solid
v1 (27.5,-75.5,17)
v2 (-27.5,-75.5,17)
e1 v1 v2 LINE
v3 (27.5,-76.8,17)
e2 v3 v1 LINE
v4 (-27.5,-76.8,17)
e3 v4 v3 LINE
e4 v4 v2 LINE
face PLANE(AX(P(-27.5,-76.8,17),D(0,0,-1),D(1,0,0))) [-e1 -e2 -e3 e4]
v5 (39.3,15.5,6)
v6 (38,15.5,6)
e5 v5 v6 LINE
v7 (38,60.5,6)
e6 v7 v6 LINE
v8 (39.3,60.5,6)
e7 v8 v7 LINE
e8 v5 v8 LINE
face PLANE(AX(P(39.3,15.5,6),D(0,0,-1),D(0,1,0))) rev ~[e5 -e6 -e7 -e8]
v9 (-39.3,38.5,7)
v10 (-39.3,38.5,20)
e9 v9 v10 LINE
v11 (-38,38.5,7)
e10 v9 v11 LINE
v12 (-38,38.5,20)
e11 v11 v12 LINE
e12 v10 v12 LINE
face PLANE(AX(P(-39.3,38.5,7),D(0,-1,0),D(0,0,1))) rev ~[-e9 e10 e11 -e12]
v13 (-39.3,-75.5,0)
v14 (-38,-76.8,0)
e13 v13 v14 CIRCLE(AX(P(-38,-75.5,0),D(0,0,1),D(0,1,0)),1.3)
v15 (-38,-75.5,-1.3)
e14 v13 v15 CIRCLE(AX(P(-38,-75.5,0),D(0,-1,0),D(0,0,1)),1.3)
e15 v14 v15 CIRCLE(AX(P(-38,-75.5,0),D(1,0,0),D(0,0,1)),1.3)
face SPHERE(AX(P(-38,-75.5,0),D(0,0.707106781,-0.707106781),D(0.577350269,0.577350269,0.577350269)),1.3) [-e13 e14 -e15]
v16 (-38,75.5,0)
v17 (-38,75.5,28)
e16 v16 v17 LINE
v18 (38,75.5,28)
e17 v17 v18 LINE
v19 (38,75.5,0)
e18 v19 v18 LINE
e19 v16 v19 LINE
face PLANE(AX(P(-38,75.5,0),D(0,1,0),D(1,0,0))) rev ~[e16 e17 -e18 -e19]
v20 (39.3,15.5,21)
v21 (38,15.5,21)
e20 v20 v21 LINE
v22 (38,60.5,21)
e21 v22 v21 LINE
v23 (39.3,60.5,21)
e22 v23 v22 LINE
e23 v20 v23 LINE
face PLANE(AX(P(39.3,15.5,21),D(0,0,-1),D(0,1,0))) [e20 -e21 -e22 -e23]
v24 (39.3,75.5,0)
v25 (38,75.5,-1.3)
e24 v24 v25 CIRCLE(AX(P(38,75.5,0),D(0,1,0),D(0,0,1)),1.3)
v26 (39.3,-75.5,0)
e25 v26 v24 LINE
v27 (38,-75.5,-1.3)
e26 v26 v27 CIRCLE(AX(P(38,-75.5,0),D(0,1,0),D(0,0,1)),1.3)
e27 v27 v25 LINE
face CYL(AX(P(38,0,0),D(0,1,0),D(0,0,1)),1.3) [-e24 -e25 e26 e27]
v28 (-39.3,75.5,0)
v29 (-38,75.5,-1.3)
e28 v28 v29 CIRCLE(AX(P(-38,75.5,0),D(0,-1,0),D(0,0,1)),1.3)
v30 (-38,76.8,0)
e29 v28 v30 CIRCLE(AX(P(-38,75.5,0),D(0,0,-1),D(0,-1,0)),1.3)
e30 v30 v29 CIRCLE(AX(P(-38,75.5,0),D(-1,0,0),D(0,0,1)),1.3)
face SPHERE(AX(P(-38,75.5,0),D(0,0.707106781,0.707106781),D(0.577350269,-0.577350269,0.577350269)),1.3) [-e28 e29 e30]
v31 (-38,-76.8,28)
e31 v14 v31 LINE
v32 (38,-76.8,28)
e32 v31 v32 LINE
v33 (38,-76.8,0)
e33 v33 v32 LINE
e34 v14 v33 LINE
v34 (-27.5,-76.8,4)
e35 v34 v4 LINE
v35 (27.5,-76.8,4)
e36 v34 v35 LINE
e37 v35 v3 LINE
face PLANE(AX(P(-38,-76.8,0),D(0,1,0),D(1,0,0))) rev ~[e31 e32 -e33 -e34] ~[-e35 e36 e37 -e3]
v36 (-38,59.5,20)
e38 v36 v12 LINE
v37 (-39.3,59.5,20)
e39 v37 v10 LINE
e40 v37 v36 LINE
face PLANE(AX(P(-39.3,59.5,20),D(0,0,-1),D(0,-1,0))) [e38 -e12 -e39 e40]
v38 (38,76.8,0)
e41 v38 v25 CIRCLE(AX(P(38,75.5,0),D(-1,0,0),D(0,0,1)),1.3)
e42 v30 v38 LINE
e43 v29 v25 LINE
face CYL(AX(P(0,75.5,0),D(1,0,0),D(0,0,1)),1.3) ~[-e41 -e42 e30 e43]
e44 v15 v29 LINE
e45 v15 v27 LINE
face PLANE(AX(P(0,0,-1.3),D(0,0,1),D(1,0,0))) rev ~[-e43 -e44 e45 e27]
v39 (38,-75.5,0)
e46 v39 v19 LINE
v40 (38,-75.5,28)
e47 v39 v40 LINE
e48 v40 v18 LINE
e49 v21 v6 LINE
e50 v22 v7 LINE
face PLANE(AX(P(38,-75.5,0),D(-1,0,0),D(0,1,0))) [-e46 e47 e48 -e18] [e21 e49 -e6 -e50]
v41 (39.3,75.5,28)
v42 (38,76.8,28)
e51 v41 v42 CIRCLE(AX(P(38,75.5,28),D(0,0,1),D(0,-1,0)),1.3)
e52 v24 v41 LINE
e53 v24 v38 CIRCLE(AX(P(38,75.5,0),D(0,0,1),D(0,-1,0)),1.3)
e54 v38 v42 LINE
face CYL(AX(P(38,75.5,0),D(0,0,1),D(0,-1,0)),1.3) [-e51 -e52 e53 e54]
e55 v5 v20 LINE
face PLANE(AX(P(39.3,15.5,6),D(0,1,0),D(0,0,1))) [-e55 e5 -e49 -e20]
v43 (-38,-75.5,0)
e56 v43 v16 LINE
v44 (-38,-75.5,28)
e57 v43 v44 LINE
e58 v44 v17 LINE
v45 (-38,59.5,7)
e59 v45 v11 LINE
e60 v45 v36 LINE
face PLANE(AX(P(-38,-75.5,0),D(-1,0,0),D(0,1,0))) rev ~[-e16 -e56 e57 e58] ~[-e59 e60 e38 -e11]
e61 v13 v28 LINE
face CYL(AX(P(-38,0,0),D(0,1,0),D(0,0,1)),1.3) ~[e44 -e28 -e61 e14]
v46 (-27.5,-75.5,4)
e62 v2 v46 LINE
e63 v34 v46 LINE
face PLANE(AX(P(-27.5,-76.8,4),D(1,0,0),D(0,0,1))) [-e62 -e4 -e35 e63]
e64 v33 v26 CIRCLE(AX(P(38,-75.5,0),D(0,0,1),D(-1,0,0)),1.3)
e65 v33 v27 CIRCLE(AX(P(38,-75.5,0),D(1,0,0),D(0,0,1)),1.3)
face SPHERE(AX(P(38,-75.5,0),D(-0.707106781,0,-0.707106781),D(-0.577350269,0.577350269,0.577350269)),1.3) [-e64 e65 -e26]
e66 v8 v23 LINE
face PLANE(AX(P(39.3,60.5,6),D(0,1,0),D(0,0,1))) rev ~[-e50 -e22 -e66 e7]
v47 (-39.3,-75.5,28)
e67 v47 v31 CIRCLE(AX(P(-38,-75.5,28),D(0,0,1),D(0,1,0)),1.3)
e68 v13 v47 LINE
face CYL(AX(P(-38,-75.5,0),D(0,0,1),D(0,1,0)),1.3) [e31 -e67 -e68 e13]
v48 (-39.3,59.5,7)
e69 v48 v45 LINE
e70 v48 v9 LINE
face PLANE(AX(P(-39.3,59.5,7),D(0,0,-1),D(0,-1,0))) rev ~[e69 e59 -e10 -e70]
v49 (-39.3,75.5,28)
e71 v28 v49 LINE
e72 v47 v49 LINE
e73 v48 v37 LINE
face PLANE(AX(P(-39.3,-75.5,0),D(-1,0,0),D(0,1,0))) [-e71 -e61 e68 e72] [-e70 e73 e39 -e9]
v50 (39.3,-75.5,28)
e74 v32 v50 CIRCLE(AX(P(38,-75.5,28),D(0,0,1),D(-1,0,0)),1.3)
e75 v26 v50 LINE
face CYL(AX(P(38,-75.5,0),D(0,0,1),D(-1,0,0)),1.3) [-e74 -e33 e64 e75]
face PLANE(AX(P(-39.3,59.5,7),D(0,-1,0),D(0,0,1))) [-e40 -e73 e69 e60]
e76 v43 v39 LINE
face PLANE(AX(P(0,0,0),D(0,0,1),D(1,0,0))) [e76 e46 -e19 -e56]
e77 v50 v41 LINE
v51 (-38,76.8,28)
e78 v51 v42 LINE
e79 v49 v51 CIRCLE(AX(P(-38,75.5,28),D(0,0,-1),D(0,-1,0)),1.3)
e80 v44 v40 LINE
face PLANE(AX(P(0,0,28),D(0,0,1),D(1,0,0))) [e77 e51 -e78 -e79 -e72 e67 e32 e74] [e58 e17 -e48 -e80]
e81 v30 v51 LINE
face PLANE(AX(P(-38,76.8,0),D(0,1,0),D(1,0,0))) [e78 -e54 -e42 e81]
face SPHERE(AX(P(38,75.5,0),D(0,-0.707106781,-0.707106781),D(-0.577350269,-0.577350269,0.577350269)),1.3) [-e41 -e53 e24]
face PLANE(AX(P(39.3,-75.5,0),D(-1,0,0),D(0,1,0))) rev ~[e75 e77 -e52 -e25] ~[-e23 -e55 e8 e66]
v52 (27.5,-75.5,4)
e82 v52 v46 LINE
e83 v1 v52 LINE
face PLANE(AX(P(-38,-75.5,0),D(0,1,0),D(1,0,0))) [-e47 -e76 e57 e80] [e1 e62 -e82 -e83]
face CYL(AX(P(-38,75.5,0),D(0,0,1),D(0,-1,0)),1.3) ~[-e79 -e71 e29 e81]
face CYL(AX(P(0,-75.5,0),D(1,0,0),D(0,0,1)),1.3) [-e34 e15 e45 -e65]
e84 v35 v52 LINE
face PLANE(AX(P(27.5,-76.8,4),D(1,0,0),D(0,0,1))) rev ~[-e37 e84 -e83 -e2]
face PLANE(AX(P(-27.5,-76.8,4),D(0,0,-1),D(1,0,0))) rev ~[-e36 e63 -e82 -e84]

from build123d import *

# Parameters (mm, degrees)
SKETCH_W        = 76
SKETCH_H        = 151
PAD_DEPTH       = 28
THICKNESS_T     = 1.3
SKETCH001_W     = 55
SKETCH001_H     = 13
POCKET_DEPTH    = 5
SKETCH002_W     = 21
SKETCH002_H     = 13
POCKET001_DEPTH = 5
SKETCH003_W     = 45
SKETCH003_H     = 15
POCKET002_DEPTH = 5


with BuildPart() as part:
    # Sketch → Pad (new body)
    with BuildSketch(Plane.XY):
        Rectangle(SKETCH_W, SKETCH_H)
    extrude(amount=PAD_DEPTH)

    # Thickness
    thickness_openings = [part.faces().sort_by_distance(p)[0] for p in [
        (0, 0, 28),
    ]]
    offset(amount=THICKNESS_T, openings=thickness_openings)

    # Sketch001 (on Face12 of Thickness) → Pocket (cut)
    with BuildSketch(Plane.XZ.offset(76.8)):
        with Locations((0, 10.5)):
            Rectangle(SKETCH001_W, SKETCH001_H)
    extrude(amount=-POCKET_DEPTH, mode=Mode.SUBTRACT)

    # Sketch002 (on Face11 of Pocket) → Pocket001 (cut)
    with BuildSketch(Plane(origin=(-39.3, 0, 0), x_dir=(0, -1, 0), z_dir=(-1, 0, 0))):
        with Locations((-49, 13.5)):
            Rectangle(SKETCH002_W, SKETCH002_H)
    extrude(amount=-POCKET001_DEPTH, mode=Mode.SUBTRACT)

    # Sketch003 (on Face11 of Pocket001) → Pocket002 (cut)
    with BuildSketch(Plane.YZ.offset(39.3)):
        with Locations((38, 13.5)):
            Rectangle(SKETCH003_W, SKETCH003_H)
    extrude(amount=-POCKET002_DEPTH, mode=Mode.SUBTRACT)


solid = part.part
